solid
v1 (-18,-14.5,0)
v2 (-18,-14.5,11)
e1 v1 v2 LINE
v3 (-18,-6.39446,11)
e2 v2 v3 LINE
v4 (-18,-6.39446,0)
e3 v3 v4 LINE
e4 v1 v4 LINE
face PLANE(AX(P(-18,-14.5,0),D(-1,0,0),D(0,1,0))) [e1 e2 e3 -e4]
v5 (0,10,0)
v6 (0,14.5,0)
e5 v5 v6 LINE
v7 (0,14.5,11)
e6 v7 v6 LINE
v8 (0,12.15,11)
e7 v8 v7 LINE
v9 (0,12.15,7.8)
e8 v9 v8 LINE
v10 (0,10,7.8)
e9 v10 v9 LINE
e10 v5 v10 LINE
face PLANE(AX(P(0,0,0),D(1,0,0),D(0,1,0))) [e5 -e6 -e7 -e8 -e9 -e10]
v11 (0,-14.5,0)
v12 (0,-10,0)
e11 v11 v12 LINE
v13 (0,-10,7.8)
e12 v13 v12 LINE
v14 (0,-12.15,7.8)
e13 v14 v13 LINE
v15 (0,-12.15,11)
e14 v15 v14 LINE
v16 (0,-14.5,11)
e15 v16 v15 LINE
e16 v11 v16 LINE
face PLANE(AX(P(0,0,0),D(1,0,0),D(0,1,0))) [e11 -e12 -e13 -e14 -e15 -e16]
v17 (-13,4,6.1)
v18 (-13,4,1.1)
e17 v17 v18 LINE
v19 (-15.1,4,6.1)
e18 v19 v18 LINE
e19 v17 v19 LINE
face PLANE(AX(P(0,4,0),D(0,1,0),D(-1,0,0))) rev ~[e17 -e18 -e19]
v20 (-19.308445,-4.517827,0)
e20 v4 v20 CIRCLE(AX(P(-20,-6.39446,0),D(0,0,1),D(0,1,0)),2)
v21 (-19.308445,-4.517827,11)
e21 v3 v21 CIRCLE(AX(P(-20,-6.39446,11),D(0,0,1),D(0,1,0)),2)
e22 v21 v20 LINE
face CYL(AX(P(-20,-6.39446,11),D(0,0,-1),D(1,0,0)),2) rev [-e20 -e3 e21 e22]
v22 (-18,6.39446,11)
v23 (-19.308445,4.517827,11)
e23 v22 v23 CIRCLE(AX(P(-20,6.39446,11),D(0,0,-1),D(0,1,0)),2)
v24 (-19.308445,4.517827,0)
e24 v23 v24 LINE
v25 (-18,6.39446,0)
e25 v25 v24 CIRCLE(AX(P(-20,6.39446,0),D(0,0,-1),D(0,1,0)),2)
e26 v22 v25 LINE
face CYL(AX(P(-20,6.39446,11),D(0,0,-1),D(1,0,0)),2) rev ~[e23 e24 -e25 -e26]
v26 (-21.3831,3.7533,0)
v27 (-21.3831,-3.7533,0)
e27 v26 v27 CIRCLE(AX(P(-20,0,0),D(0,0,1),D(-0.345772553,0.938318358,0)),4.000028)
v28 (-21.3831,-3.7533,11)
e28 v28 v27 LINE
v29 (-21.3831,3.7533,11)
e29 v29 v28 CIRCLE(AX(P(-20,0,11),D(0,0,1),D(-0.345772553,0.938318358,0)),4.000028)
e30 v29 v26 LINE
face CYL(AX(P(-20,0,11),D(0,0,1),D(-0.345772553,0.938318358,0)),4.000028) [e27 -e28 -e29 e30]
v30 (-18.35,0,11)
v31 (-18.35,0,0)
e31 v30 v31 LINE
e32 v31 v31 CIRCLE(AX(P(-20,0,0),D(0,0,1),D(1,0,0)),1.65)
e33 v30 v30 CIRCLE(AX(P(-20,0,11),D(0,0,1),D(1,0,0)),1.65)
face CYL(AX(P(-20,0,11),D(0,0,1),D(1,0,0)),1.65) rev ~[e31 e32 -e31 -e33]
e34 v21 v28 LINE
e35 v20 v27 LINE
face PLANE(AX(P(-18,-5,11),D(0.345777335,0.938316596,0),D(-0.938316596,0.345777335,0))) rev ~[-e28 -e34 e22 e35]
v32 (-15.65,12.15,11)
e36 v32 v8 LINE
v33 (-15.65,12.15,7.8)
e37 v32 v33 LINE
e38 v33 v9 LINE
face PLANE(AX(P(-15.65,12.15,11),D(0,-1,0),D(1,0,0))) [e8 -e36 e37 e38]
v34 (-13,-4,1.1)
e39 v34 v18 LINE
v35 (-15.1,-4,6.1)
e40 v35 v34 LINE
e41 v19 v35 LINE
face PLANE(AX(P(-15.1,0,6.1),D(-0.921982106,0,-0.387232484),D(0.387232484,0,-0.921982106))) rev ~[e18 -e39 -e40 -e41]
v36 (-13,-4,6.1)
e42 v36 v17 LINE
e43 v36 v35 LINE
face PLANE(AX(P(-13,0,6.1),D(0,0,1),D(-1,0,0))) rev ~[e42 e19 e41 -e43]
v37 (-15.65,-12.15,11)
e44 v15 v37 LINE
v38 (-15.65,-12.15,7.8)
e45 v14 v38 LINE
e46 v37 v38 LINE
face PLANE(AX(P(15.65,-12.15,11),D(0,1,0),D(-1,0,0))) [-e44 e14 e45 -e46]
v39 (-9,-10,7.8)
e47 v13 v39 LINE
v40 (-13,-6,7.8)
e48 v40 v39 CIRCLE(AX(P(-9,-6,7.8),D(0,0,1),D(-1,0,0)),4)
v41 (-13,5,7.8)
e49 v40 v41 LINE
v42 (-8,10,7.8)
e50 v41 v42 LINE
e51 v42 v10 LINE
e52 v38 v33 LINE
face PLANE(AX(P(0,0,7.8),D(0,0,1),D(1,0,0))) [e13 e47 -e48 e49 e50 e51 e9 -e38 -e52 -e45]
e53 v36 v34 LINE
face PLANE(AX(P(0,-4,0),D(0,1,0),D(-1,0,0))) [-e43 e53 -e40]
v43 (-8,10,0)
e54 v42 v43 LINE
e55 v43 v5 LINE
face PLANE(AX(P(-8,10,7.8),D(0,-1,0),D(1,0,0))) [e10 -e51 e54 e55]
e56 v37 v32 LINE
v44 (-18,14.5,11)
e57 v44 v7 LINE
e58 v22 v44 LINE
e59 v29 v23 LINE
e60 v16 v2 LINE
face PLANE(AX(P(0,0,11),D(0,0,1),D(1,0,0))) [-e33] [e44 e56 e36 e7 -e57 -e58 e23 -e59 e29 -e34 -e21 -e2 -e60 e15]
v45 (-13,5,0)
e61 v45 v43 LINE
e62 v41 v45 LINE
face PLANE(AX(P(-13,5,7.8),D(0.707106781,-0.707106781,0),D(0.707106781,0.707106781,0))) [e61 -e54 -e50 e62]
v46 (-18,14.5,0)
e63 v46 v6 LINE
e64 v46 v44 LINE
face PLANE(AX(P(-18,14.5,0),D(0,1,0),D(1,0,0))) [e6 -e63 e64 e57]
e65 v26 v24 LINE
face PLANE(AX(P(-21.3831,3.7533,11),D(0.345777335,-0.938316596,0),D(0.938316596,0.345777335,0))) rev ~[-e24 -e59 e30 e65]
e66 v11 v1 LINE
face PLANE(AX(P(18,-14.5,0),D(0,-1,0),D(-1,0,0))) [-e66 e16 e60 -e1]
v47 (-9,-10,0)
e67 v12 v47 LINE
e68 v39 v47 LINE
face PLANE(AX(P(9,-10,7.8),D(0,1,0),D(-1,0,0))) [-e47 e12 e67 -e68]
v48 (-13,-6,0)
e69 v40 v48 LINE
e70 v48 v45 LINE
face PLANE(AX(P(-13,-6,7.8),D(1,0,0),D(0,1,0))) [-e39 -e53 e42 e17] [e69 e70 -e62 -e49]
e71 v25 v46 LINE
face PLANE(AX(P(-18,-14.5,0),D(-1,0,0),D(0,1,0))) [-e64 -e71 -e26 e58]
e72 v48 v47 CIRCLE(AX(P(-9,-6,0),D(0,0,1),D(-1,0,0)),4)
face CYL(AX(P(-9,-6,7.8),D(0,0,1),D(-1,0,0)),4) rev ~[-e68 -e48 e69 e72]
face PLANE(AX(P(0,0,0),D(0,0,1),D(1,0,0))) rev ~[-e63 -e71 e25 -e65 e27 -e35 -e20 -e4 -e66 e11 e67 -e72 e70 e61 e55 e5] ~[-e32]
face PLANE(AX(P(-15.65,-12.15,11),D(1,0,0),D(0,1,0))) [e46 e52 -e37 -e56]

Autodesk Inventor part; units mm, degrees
ref_plane "YZ Plane" through (0, 0, 0) normal (1, 0, 0) x (0, 1, 0)
ref_plane "XZ Plane" through (0, 0, 0) normal (0, 1, 0) x (-1, 0, 0)
ref_plane "XY Plane" through (0, 0, 0) normal (0, 0, 1) x (1, 0, 0)
sketch "Sketch2" plane through (0, 0, 0) normal (0, 0, 1) x (1, 0, 0)
  line L0 (-18, 14.5) -> (18, 14.5)
  line L1 (18, 14.5) -> (18, -14.5)
  line L2 (18, -14.5) -> (-18, -14.5)
  line L3 (-18, -14.5) -> (-18, 14.5)
  line L4 (-18, 14.5) -> (18, -14.5) construction
  line L5 (18, 14.5) -> (-18, -14.5) construction
  point P0 (0, 0)
  dimension "d0" = 29
  dimension "d1" = 36
extrude "Extrusion1" add sketch "Sketch2" along normal blind 11
sketch "Sketch3" plane through (0, 0, 11) normal (0, 0, 1) x (1, 0, 0)
  line L0 (-15.65, 12.15) -> (15.65, 12.15)
  line L1 (15.65, 12.15) -> (15.65, -12.15)
  line L2 (15.65, -12.15) -> (-15.65, -12.15)
  line L3 (-15.65, -12.15) -> (-15.65, 12.15)
  line L4 (-15.65, 12.15) -> (15.65, -12.15) construction
  line L5 (15.65, 12.15) -> (-15.65, -12.15) construction
  point P0 (0, 0)
  dimension "d4" = 31.3
  dimension "d5" = 24.3
extrude "Extrusion2" cut sketch "Sketch3" against normal blind 3.2
sketch "Sketch4" plane through (0, 0, 7.8) normal (0, 0, 1) x (1, 0, 0)
  line L0 (-8, 10) -> (8, 10)
  line L1 (13, 5) -> (13, -6)
  line L2 (9, -10) -> (-9, -10)
  line L3 (-13, -6) -> (-13, 5)
  line L4 (-13, 10) -> (13, -10) construction
  line L5 (13, 10) -> (-13, -10) construction
  line L6 (-13, 5) -> (-8, 10)
  line L7 (8, 10) -> (13, 5)
  arc A0 (-13, -6) -> (-9, -10) centre (-9, -6) ccw
  arc A1 (9, -10) -> (13, -6) centre (9, -6) ccw
  point P0 (0, 0)
  point P1 (-13, -4)
  point P2 (13, -4)
  dimension "d8" = 26
  dimension "d9" = 20
  dimension "d10" = 5
  dimension "d11" = 5
  dimension "d12" = 5
  dimension "d13" = 5
  dimension "d14" = 4
extrude "Extrusion3" cut sketch "Sketch4" against normal through all
sketch "Sketch6" plane through (0, 0, 0) normal (0, 1, 0) x (-1, 0, 0)
  line L0 (13, 7.8) -> (13, 0) projected
  line L1 (13, 6.1) -> (15.1, 6.1)
  line L2 (15.1, 6.1) -> (13, 1.1)
  line L3 (13, 1.1) -> (13, 6.1)
  line L4 (15.65, 7.8) -> (-15.65, 7.8) projected
  line L5 (0, 0) -> (0, 10.1915) construction
  line L6 (-13, 7.8) -> (-13, 0)
  line L7 (-13, 6.1) -> (-15.1, 6.1)
  line L8 (-15.1, 6.1) -> (-13, 1.1)
  line L9 (-13, 1.1) -> (-13, 6.1)
  line L10 (-15.65, 7.8) -> (15.65, 7.8)
  dimension "d23" = 2.1
  dimension "d24" = 5
  dimension "d25" = 1.7
extrude "Extrusion5" cut sketch "Sketch6" along normal mid plane 8
sketch "Sketch7" plane through (0, 0, 11) normal (0, 0, 1) x (1, 0, 0)
  arc A0 (21.3831, -3.7533) -> (21.3831, 3.7533) centre (20, 0) ccw
  line L0 (21.3831, 3.7533) -> (18, 5)
  line L1 (18, 5) -> (18, -5)
  line L2 (13, 5) -> (13, -6) projected
  line L3 (18, -5) -> (21.3831, -3.7533)
  line L4 (0, 20.7674) -> (0, -20.7674) construction
  arc A1 (-21.3831, 3.7533) -> (-21.3831, -3.7533) centre (-20, 0) ccw
  line L5 (-21.3831, 3.7533) -> (-18, 5)
  line L6 (-18, 5) -> (-18, -5)
  line L7 (-18, -5) -> (-21.3831, -3.7533)
  line L8 (18, -14.5) -> (18, 14.5) construction
  circle A2 centre (20, 0) radius 1.65
  circle A3 centre (-20, 0) radius 1.65
  line L9 (0, 0) -> (1.9739, 0) construction
  dimension "d28" = 3.3
  dimension "d29" = 4
  dimension "d30" = 40
  dimension "d31" = 10
extrude "Extrusion6" add sketch "Sketch7" against normal up to surface (11 mm away)
fillet "Fillet1" radius 2 4 edges at (18, -5, 5.5) (18, 5, 5.5) (-18, 5, 5.5) (-18, -5, 5.5)
sketch "Sketch8" plane through (0, 0, 0) normal (1, 0, 0) x (0, 1, 0)
  line L0 (45.1511, -28.2394) -> (-45.1511, -28.2394)
  line L1 (-45.1511, -28.2394) -> (-45.1511, 28.2394)
  line L2 (-45.1511, 28.2394) -> (45.1511, 28.2394)
  line L3 (45.1511, 28.2394) -> (45.1511, -28.2394)
  line L4 (45.1511, -28.2394) -> (-45.1511, 28.2394) construction
  line L5 (-45.1511, -28.2394) -> (45.1511, 28.2394) construction
  point P0 (0, 0)
extrude "Extrusion7" cut sketch "Sketch8" along normal through all
equation "\"d11\" = d10"
equation "\"d12\" = d10"
equation "\"d13\" = d12"
properties part number "power_signal_socket_fixed2" material "Acetal Resin, Black"
